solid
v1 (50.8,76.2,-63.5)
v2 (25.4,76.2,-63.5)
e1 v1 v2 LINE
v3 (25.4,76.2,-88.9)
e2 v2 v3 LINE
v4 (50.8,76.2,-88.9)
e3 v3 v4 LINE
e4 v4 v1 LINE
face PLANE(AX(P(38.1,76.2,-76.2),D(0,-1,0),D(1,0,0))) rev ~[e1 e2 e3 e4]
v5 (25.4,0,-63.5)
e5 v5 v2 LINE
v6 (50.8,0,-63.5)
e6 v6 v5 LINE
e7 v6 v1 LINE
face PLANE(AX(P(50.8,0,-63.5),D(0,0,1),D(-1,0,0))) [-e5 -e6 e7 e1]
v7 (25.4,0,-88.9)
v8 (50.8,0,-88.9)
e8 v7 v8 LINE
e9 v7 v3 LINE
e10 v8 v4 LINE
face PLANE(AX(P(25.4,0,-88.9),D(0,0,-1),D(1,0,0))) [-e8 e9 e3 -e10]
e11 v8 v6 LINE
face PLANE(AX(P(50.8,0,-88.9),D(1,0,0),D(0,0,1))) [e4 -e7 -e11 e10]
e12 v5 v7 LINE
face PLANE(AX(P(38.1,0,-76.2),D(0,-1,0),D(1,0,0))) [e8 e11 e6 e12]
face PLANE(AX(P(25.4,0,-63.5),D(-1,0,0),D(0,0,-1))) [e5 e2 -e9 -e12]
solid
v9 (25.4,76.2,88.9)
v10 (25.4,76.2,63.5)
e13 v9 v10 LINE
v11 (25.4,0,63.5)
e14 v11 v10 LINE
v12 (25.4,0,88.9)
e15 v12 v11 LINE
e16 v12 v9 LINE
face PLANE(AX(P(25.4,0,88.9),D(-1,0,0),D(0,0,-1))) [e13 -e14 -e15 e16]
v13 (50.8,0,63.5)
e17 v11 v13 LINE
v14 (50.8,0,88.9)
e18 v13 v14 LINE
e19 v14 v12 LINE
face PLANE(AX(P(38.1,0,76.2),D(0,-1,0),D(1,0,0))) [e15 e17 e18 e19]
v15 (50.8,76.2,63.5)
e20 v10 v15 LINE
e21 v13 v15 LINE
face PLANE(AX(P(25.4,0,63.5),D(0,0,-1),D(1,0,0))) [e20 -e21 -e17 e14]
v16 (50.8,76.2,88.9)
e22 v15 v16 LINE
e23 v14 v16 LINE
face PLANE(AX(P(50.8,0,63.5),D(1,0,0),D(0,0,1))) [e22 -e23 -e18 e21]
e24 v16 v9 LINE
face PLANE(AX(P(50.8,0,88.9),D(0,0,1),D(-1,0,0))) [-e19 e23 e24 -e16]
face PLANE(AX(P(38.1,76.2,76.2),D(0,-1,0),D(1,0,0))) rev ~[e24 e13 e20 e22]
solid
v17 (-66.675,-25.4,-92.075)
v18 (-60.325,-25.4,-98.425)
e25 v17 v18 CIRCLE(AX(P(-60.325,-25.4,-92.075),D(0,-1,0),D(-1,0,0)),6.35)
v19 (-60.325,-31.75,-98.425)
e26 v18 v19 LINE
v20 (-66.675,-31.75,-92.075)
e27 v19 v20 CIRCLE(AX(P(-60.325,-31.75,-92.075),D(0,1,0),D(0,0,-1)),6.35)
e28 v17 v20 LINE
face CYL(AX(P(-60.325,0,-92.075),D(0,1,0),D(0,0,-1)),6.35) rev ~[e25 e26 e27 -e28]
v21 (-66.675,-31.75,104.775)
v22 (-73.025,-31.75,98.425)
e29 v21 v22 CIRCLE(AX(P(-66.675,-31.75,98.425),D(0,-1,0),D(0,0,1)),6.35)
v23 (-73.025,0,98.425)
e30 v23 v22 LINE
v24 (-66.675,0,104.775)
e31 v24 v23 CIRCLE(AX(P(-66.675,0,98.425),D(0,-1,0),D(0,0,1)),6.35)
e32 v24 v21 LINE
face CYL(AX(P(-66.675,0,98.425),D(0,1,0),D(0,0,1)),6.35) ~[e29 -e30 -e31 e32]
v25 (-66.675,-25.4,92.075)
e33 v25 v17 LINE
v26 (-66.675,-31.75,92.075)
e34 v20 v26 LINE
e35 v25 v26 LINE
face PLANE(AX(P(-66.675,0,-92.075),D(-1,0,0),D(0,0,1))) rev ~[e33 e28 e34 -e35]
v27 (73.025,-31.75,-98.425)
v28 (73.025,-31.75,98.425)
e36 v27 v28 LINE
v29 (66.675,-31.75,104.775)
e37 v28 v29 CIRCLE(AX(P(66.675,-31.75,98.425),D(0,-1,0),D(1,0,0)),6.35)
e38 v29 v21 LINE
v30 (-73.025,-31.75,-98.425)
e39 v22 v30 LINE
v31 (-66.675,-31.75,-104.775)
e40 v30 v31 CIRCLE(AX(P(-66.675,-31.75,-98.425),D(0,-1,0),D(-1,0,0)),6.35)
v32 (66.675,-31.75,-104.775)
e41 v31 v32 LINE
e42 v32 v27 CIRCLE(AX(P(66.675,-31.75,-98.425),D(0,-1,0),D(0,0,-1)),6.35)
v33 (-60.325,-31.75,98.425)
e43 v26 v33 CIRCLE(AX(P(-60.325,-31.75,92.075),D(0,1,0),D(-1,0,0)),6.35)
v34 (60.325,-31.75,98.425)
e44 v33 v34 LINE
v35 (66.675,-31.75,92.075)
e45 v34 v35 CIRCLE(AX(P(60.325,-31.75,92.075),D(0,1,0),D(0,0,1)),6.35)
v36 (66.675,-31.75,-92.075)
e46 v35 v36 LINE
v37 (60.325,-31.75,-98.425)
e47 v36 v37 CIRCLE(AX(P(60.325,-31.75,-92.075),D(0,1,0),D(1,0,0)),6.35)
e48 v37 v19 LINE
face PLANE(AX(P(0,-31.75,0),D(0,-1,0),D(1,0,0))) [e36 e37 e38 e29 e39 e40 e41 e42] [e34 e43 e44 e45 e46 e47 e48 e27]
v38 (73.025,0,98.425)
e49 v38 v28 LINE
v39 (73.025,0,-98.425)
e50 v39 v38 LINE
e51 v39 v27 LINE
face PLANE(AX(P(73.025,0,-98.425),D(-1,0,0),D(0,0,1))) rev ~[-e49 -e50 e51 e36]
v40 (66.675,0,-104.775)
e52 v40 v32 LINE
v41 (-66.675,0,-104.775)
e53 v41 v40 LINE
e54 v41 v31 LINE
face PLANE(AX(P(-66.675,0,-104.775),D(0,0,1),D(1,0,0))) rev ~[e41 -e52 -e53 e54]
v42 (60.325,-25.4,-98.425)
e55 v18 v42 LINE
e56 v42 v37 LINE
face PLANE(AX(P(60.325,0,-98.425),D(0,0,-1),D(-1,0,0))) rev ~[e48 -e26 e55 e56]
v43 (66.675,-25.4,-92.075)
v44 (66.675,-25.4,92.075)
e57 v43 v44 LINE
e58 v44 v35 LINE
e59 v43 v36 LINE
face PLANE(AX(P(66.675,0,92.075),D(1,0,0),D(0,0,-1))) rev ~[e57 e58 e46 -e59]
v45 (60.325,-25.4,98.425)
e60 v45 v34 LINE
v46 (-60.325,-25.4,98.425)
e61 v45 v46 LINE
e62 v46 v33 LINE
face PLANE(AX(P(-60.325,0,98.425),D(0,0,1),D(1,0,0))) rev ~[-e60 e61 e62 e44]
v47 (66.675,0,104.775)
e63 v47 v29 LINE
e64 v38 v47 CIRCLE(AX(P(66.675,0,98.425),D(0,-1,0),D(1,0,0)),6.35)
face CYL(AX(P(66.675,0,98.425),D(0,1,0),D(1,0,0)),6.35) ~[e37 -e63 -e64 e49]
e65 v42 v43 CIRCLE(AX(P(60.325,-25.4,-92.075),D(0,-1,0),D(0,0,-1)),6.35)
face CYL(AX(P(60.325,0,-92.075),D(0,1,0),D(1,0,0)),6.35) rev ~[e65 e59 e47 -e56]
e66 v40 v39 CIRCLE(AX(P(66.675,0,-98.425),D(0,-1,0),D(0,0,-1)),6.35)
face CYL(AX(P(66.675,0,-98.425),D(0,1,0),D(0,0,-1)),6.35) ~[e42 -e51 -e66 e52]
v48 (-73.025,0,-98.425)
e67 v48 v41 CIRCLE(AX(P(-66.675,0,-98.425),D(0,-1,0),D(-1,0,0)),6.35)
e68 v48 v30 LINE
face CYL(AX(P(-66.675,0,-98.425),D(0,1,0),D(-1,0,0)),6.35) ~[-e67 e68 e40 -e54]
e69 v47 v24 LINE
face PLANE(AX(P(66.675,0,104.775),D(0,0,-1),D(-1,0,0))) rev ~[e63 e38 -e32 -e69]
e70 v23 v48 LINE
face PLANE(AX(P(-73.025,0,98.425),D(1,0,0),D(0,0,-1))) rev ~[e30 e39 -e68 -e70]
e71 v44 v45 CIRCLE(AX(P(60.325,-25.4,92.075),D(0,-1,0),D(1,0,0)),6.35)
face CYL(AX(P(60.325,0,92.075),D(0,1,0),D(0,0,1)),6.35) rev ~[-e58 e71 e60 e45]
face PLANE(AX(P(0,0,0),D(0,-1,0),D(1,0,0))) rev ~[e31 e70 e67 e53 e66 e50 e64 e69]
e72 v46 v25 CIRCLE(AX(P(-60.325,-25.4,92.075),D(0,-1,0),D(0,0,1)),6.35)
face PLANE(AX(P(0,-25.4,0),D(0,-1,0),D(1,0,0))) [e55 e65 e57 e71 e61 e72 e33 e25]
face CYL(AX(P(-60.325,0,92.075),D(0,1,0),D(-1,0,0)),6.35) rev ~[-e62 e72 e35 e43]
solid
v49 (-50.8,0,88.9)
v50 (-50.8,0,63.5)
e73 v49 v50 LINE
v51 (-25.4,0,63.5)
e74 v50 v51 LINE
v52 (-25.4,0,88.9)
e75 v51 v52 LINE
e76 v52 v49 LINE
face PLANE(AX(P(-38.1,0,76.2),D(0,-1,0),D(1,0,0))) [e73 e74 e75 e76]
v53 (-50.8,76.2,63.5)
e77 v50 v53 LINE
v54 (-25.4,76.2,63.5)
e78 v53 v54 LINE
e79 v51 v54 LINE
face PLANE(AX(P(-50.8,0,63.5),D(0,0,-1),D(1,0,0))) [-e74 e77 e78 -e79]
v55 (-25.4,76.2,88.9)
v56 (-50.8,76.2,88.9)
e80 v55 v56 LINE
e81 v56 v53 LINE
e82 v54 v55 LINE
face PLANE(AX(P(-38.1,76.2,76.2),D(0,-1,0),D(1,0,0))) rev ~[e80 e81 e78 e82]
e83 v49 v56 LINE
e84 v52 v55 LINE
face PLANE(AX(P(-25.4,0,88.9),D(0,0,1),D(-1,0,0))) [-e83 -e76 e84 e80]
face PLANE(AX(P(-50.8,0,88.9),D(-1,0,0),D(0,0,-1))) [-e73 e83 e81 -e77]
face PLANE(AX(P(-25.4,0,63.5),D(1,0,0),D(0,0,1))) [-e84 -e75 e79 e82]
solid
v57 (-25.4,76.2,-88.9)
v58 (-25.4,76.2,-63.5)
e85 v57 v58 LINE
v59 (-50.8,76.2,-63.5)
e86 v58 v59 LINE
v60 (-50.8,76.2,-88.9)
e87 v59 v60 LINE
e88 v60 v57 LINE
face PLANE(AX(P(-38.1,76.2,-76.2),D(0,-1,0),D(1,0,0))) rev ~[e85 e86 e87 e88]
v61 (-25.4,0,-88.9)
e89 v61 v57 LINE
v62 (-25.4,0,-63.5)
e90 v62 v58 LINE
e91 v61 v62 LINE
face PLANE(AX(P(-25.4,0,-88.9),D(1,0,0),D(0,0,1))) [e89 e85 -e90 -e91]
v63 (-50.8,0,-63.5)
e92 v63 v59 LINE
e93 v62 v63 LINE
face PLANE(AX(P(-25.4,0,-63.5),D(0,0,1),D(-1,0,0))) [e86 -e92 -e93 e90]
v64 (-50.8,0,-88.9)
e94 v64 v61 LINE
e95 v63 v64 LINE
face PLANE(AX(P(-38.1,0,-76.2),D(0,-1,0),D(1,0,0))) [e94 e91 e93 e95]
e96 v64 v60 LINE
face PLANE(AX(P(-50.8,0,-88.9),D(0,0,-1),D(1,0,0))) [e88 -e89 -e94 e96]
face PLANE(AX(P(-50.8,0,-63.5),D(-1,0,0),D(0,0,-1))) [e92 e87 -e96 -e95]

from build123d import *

# Parameters (mm, degrees)
F1_DEPTH = 25.4
F2_DEPTH = 31.75
F3_DEPTH = 76.2


with BuildPart() as f1:
    # F0 (on Front) → F1 (new body)
    with BuildSketch(Plane.XZ):
        with BuildLine():
            ThreePointArc((66.675, 92.075), (64.8151280605, 96.5651280605), (60.325, 98.425))
            Line((60.325, 98.425), (-60.325, 98.425))
            ThreePointArc((-60.325, 98.425), (-64.8151280605, 96.5651280605), (-66.675, 92.075))
            Line((-66.675, 92.075), (-66.675, -92.075))
            ThreePointArc((-66.675, -92.075), (-64.8151280605, -96.5651280605), (-60.325, -98.425))
            Line((-60.325, -98.425), (60.325, -98.425))
            ThreePointArc((60.325, -98.425), (64.8151280605, -96.5651280605), (66.675, -92.075))
            Line((66.675, -92.075), (66.675, 92.075))
        make_face()
        Polygon((-25.4, -63.5), (-25.4, -76.2), (-25.4, -88.9), (-50.8, -88.9), (-50.8, -63.5), align=None, mode=Mode.SUBTRACT)
        Polygon((25.4, -88.9), (25.4, -76.2), (25.4, -63.5), (50.8, -63.5), (50.8, -88.9), align=None, mode=Mode.SUBTRACT)
        Polygon((-25.4, 88.9), (-25.4, 76.2), (-25.4, 63.5), (-50.8, 63.5), (-50.8, 88.9), align=None, mode=Mode.SUBTRACT)
        Polygon((25.4, 63.5), (25.4, 76.2), (25.4, 88.9), (50.8, 88.9), (50.8, 63.5), align=None, mode=Mode.SUBTRACT)
        Polygon((-25.4, 63.5), (-25.4, 76.2), (-25.4, 88.9), (-50.8, 88.9), (-50.8, 63.5), align=None)
        Polygon((25.4, 88.9), (25.4, 76.2), (25.4, 63.5), (50.8, 63.5), (50.8, 88.9), align=None)
        Polygon((25.4, -63.5), (25.4, -76.2), (25.4, -88.9), (50.8, -88.9), (50.8, -63.5), align=None)
        Polygon((-25.4, -88.9), (-25.4, -76.2), (-25.4, -63.5), (-50.8, -63.5), (-50.8, -88.9), align=None)
    extrude(amount=F1_DEPTH)

    # F0 (on Front) → F2 (join)
    with BuildSketch(Plane.XZ):
        with BuildLine():
            ThreePointArc((-73.025, -98.425), (-71.1651280605, -102.9151280605), (-66.675, -104.775))
            Line((-66.675, -104.775), (66.675, -104.775))
            ThreePointArc((66.675, -104.775), (71.1651280605, -102.9151280605), (73.025, -98.425))
            Line((73.025, -98.425), (73.025, 98.425))
            ThreePointArc((73.025, 98.425), (71.1651280605, 102.9151280605), (66.675, 104.775))
            Line((66.675, 104.775), (-66.675, 104.775))
            ThreePointArc((-66.675, 104.775), (-71.1651280605, 102.9151280605), (-73.025, 98.425))
            Line((-73.025, 98.425), (-73.025, -98.425))
        make_face()
        with BuildLine():
            Line((-60.325, 98.425), (60.325, 98.425))
            ThreePointArc((60.325, 98.425), (64.8151280605, 96.5651280605), (66.675, 92.075))
            Line((66.675, 92.075), (66.675, -92.075))
            ThreePointArc((66.675, -92.075), (64.8151280605, -96.5651280605), (60.325, -98.425))
            Line((60.325, -98.425), (-60.325, -98.425))
            ThreePointArc((-60.325, -98.425), (-64.8151280605, -96.5651280605), (-66.675, -92.075))
            Line((-66.675, -92.075), (-66.675, 92.075))
            ThreePointArc((-66.675, 92.075), (-64.8151280605, 96.5651280605), (-60.325, 98.425))
        make_face(mode=Mode.SUBTRACT)
    extrude(amount=F2_DEPTH)


with BuildPart() as f3:
    # F0 (on Front) → F3 (new body)
    with BuildSketch(Plane.XZ):
        Polygon((-25.4, 63.5), (-25.4, 76.2), (-25.4, 88.9), (-50.8, 88.9), (-50.8, 63.5), align=None)
    extrude(amount=-F3_DEPTH)


with BuildPart() as f3b:
    # F0 (on Front) → F3, piece 2 (new body)
    with BuildSketch(Plane.XZ):
        Polygon((25.4, 88.9), (25.4, 76.2), (25.4, 63.5), (50.8, 63.5), (50.8, 88.9), align=None)
    extrude(amount=-F3_DEPTH)


with BuildPart() as f3c:
    # F0 (on Front) → F3, piece 3 (new body)
    with BuildSketch(Plane.XZ):
        Polygon((25.4, -63.5), (25.4, -76.2), (25.4, -88.9), (50.8, -88.9), (50.8, -63.5), align=None)
    extrude(amount=-F3_DEPTH)


with BuildPart() as f3d:
    # F0 (on Front) → F3, piece 4 (new body)
    with BuildSketch(Plane.XZ):
        Polygon((-25.4, -88.9), (-25.4, -76.2), (-25.4, -63.5), (-50.8, -63.5), (-50.8, -88.9), align=None)
    extrude(amount=-F3_DEPTH)


solid = Compound([f1.part, f3.part, f3b.part, f3c.part, f3d.part])
